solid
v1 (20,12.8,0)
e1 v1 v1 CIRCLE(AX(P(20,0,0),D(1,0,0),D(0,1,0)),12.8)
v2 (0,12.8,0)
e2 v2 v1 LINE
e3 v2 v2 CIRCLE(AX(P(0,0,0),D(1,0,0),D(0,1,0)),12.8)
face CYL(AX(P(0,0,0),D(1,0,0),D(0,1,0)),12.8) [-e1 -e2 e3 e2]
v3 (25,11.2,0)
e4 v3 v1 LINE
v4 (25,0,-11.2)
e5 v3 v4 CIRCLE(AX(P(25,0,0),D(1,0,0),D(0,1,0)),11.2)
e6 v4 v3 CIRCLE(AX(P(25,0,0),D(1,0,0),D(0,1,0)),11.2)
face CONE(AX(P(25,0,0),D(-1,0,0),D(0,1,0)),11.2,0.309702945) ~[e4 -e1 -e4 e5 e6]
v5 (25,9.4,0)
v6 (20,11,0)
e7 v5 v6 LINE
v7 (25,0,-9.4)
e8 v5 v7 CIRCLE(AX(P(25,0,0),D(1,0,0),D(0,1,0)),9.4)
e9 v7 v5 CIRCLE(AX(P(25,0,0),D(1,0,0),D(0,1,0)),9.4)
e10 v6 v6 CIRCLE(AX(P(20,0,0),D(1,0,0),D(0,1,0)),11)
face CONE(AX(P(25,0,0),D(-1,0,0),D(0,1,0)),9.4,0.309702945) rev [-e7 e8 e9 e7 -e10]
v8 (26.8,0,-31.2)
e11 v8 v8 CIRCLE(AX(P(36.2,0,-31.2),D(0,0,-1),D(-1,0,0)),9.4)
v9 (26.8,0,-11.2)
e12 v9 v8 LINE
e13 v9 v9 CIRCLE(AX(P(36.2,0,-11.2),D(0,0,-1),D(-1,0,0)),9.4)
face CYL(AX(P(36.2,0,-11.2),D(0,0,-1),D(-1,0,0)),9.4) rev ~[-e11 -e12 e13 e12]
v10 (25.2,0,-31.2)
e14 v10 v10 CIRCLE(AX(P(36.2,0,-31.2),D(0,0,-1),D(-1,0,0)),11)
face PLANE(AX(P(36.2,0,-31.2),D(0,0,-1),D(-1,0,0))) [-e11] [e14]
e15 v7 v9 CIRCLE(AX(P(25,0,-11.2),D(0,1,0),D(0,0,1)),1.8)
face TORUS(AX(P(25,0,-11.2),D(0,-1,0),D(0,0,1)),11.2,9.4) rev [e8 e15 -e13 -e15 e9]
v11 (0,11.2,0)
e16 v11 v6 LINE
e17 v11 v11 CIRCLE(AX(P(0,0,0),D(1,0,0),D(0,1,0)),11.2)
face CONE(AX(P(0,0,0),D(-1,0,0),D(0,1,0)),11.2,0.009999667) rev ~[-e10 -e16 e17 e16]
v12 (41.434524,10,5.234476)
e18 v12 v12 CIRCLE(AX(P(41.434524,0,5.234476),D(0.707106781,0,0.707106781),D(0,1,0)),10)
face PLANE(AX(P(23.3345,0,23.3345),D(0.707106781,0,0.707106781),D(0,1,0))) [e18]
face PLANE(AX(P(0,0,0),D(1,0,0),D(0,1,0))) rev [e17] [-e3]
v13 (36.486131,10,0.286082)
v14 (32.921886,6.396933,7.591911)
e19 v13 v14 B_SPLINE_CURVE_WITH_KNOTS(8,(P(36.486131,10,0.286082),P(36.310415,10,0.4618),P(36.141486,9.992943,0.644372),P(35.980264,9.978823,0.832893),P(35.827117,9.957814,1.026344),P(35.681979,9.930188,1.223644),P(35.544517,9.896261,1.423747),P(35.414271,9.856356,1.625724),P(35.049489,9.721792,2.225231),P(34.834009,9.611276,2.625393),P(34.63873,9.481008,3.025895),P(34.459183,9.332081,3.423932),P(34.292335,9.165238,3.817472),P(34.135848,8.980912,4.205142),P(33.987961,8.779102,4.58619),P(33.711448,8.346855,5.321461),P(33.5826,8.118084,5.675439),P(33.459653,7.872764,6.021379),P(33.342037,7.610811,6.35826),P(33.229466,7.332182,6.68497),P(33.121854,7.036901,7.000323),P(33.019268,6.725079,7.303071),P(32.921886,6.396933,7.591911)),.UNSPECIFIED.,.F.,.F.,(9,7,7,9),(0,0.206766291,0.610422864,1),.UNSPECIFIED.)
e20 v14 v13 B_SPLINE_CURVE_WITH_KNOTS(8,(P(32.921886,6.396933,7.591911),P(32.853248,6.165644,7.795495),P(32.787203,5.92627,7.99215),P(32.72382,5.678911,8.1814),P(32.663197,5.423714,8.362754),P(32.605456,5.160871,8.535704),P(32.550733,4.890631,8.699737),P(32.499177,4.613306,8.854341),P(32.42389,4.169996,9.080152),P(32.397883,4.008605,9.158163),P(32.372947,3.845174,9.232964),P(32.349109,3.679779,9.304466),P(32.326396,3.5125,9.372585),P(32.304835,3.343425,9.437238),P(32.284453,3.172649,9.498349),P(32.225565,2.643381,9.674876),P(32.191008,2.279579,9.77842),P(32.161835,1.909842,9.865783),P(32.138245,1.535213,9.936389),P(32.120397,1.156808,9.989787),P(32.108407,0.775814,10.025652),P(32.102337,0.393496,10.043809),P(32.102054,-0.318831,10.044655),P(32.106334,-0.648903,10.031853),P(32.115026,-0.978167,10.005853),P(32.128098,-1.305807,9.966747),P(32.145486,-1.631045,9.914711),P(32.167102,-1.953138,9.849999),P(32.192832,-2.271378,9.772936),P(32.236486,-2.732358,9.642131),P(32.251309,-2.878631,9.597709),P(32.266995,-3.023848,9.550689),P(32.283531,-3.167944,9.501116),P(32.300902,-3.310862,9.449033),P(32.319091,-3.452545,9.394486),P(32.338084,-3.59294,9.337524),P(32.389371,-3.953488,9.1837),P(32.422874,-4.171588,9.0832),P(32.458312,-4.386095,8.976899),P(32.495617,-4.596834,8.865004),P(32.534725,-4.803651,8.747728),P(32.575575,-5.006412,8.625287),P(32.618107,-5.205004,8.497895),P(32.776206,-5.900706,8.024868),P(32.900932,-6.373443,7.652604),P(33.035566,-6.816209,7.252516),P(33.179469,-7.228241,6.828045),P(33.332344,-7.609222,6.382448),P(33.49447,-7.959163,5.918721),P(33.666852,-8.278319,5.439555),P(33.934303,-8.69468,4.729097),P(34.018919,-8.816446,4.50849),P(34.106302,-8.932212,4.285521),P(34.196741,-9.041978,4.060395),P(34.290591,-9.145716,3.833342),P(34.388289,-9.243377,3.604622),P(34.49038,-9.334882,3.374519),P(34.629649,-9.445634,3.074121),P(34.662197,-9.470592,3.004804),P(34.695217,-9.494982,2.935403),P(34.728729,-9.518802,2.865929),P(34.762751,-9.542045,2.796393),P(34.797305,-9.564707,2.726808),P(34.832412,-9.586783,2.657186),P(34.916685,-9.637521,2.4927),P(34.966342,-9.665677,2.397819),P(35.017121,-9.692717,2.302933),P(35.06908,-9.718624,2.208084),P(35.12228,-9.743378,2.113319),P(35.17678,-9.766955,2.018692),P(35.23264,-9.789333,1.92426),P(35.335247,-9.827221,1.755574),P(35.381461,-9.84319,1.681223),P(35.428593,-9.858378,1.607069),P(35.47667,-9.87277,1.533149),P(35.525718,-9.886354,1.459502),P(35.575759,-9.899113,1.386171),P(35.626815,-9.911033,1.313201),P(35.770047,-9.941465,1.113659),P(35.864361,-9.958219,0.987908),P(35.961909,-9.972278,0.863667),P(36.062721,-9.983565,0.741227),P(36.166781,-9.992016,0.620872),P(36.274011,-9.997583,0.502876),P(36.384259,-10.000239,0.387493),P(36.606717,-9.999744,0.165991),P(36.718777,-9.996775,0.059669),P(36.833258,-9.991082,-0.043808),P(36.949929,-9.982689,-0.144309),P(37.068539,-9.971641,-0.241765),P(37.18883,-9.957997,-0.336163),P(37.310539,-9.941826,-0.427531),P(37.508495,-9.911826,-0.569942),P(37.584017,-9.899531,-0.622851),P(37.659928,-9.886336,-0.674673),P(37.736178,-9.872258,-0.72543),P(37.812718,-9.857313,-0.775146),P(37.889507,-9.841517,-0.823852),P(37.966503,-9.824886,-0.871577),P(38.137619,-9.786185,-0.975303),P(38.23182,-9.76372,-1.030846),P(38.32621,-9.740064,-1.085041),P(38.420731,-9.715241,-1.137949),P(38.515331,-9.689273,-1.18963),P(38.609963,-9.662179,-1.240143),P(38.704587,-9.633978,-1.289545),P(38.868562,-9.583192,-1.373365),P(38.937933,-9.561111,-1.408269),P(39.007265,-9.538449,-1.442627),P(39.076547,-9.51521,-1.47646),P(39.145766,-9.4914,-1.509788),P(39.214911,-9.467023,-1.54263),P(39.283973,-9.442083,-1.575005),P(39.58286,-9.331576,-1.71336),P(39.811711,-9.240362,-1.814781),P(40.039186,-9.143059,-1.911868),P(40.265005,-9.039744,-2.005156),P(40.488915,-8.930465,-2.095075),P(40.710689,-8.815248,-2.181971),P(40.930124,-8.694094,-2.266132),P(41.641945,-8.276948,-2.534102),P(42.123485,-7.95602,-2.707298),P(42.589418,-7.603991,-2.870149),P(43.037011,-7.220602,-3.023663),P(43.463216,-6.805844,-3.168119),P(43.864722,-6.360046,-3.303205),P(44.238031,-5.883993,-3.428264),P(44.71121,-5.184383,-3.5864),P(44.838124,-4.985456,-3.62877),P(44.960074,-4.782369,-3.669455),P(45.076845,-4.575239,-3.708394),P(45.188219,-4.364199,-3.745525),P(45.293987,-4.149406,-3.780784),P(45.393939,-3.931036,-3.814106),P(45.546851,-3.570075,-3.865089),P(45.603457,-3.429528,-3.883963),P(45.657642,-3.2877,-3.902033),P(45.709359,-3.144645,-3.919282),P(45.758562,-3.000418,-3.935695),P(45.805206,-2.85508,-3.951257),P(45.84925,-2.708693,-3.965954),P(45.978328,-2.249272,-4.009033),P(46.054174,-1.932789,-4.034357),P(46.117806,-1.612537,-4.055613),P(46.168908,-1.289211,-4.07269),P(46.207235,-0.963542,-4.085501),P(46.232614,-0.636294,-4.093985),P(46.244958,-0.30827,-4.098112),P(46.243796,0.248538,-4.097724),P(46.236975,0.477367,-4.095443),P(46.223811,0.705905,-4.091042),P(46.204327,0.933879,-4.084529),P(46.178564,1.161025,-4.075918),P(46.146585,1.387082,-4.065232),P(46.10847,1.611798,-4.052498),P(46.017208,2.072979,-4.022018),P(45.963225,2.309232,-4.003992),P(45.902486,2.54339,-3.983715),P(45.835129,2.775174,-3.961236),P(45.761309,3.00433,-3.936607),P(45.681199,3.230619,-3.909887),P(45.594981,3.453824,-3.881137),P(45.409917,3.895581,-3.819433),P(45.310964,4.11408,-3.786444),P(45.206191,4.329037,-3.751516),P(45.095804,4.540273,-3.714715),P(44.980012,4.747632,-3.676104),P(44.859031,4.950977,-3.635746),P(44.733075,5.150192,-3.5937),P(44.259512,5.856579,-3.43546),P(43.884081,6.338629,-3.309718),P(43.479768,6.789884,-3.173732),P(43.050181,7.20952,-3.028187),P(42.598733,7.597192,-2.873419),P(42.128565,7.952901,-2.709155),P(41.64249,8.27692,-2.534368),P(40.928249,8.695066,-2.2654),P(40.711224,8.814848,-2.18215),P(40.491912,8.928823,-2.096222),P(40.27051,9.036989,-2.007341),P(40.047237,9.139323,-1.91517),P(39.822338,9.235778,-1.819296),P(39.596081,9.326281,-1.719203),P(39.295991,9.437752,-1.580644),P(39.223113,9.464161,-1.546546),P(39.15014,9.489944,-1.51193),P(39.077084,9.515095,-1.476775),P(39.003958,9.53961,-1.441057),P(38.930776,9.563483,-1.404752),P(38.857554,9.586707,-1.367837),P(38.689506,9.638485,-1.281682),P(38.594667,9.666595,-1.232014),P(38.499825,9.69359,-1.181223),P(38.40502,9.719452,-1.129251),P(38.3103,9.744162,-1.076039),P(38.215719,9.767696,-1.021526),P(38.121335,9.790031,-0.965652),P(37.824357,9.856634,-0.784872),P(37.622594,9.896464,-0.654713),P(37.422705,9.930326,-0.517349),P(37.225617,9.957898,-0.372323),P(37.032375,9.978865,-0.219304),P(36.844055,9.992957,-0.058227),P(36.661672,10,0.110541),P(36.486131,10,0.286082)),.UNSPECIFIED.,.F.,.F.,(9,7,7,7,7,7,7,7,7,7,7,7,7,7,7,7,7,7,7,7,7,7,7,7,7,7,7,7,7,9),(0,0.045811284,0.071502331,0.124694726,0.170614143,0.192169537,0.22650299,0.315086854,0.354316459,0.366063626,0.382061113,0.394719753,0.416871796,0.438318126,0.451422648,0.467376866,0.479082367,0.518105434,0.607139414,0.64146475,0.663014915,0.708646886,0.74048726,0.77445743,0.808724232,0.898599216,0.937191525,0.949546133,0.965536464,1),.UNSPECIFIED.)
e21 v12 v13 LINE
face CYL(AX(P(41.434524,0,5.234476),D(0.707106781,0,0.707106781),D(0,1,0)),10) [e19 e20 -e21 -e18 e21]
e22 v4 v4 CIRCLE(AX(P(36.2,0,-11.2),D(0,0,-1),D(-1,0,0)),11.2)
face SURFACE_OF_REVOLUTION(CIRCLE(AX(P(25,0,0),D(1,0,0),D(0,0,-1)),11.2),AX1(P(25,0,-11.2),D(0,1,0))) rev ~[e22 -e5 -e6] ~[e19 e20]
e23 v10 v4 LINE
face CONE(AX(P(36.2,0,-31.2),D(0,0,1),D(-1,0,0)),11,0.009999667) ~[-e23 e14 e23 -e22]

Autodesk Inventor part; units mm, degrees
ref_plane "XZ Plane" through (0, 0, 0) normal (0, 1, 0) x (-1, 0, 0)
ref_plane "XY Plane" through (0, 0, 0) normal (0, 0, 1) x (1, 0, 0)
sketch "Sketch1" plane through (0, 0, 0) normal (0, 0, 1) x (1, 0, 0)
  line L0 (0, 0) -> (0, 11.2) construction
  line L1 (0, 0) -> (20, 0) construction
  line L2 (20, 0) -> (20, 11) construction
  line L3 (0, 11.2) -> (0, 12.8)
  line L4 (0, 11.2) -> (20, 11)
  line L5 (0, 12.8) -> (20, 12.8)
  line L6 (0, 12.8) -> (20, 12.8) construction
  line L7 (20, 12.8) -> (20, 11)
  line L8 (20, 0) -> (25, 0) construction
  line L9 (25, 0) -> (25, 11.2) construction
  line L10 (25, 11.2) -> (20, 12.8)
  line L11 (25, 11.2) -> (25, 9.4)
  line L12 (25, 9.4) -> (20, 11)
  dimension "d0" = 11.2
  dimension "d1" = 20
  dimension "d2" = 11
  dimension "d3" = 1.6
  dimension "d4" = 0
  dimension "d5" = 5
  dimension "d6" = 11.2
  dimension "d7" = 1.8
revolve "Revolution1" add sketch "Sketch1" angle 360 about axis through (0, 0, 0) along (1, 0, 0)
sketch "Sketch2" plane through (25, 0, 0) normal (1, 0, 0) x (0, 0, -1)
  line L0 (0, 0) -> (11.2, 0) construction
  circle A0 centre (0, 0) radius 9.4 projected
  circle A1 centre (0, 0) radius 11.2 projected
  line L1 (11.2, 0) -> (11.2, 12.8) construction
  dimension "d9" = 11.2
revolve "Revolution2" add sketch "Sketch2" angle 90 about axis through (25, 0, -11.2) along (0, 1, 0)
sketch "Sketch3" plane through (0, 0, 0) normal (0, 1, 0) x (-1, 0, 0)
  line L0 (-47.4, -11.2) -> (-25, -11.2) construction
  line L1 (-36.2, -11.2) -> (-36.2, -31.2) construction
  line L2 (-36.2, -31.2) -> (-25.2, -31.2) construction
  line L3 (-25.2, -31.2) -> (-25, -11.2)
  line L4 (-25, -11.2) -> (-26.8, -11.2)
  arc A0 (-25, -9.4) -> (-26.8, -11.2) centre (-25, -11.2) ccw projected
  line L5 (-26.8, -11.2) -> (-26.8, -31.2)
  line L6 (-25.2, -31.2) -> (-26.8, -31.2)
  point P0 (0, 0)
  dimension "d11" = 20
  dimension "d12" = 11
revolve "Revolution3" add sketch "Sketch3" angle 360 about axis through (36.2, 0, -11.2) along (0, 0, -1)
ref_plane "Work Plane2" through (23.3345, 0, 23.3345) normal (0.7071, 0, 0.7071) x (0, 1, 0)
ref_plane "Work Plane1" through (0, 0, 0) normal (0.7071, 0, 0.7071) x (0, 1, 0)
sketch "Sketch4" plane through (23.3345, 0, 23.3345) normal (0.7071, 0, 0.7071) x (0, 1, 0)
  ellipse E0 centre (0, -17.6777) end of major axis (11.2, -17.6777) minor radius 7.9196 construction
  ellipse E1 centre (0, -33.5169) end of major axis (11.2, -33.5169) minor radius 7.9196 construction
  line L0 (0, -17.6777) -> (0, -33.5169) construction
  circle A0 centre (0, -25.5973) radius 10
  point P0 (0, 0)
  dimension "d16" = 20
extrude "Extrusion1" add sketch "Sketch4" against normal up to surface
equation "\"d0\" = 0.5 * TMEnd"
equation "\"d1\" = TDepth"
equation "\"d2\" = 0.5 * TMStart"
equation "\"d3\" = WallT"
equation "\"d6\" = 0.5 * TMEnd"
equation "\"d7\" = WallT + 0.5 * TMEnd - 0.5 * TMStart"
equation "\"d9\" = BendR"
equation "\"d11\" = TDepth"
equation "\"d12\" = 0.5 * TMStart"
equation "\"TMEnd\" = 22.4"
equation "\"TDepth\" = 20"
equation "\"TMStart\" = 22"
equation "\"WallT\" = 1.6"
equation "\"BendR\" = 11.2"
properties part number "MtoF90Degree"
